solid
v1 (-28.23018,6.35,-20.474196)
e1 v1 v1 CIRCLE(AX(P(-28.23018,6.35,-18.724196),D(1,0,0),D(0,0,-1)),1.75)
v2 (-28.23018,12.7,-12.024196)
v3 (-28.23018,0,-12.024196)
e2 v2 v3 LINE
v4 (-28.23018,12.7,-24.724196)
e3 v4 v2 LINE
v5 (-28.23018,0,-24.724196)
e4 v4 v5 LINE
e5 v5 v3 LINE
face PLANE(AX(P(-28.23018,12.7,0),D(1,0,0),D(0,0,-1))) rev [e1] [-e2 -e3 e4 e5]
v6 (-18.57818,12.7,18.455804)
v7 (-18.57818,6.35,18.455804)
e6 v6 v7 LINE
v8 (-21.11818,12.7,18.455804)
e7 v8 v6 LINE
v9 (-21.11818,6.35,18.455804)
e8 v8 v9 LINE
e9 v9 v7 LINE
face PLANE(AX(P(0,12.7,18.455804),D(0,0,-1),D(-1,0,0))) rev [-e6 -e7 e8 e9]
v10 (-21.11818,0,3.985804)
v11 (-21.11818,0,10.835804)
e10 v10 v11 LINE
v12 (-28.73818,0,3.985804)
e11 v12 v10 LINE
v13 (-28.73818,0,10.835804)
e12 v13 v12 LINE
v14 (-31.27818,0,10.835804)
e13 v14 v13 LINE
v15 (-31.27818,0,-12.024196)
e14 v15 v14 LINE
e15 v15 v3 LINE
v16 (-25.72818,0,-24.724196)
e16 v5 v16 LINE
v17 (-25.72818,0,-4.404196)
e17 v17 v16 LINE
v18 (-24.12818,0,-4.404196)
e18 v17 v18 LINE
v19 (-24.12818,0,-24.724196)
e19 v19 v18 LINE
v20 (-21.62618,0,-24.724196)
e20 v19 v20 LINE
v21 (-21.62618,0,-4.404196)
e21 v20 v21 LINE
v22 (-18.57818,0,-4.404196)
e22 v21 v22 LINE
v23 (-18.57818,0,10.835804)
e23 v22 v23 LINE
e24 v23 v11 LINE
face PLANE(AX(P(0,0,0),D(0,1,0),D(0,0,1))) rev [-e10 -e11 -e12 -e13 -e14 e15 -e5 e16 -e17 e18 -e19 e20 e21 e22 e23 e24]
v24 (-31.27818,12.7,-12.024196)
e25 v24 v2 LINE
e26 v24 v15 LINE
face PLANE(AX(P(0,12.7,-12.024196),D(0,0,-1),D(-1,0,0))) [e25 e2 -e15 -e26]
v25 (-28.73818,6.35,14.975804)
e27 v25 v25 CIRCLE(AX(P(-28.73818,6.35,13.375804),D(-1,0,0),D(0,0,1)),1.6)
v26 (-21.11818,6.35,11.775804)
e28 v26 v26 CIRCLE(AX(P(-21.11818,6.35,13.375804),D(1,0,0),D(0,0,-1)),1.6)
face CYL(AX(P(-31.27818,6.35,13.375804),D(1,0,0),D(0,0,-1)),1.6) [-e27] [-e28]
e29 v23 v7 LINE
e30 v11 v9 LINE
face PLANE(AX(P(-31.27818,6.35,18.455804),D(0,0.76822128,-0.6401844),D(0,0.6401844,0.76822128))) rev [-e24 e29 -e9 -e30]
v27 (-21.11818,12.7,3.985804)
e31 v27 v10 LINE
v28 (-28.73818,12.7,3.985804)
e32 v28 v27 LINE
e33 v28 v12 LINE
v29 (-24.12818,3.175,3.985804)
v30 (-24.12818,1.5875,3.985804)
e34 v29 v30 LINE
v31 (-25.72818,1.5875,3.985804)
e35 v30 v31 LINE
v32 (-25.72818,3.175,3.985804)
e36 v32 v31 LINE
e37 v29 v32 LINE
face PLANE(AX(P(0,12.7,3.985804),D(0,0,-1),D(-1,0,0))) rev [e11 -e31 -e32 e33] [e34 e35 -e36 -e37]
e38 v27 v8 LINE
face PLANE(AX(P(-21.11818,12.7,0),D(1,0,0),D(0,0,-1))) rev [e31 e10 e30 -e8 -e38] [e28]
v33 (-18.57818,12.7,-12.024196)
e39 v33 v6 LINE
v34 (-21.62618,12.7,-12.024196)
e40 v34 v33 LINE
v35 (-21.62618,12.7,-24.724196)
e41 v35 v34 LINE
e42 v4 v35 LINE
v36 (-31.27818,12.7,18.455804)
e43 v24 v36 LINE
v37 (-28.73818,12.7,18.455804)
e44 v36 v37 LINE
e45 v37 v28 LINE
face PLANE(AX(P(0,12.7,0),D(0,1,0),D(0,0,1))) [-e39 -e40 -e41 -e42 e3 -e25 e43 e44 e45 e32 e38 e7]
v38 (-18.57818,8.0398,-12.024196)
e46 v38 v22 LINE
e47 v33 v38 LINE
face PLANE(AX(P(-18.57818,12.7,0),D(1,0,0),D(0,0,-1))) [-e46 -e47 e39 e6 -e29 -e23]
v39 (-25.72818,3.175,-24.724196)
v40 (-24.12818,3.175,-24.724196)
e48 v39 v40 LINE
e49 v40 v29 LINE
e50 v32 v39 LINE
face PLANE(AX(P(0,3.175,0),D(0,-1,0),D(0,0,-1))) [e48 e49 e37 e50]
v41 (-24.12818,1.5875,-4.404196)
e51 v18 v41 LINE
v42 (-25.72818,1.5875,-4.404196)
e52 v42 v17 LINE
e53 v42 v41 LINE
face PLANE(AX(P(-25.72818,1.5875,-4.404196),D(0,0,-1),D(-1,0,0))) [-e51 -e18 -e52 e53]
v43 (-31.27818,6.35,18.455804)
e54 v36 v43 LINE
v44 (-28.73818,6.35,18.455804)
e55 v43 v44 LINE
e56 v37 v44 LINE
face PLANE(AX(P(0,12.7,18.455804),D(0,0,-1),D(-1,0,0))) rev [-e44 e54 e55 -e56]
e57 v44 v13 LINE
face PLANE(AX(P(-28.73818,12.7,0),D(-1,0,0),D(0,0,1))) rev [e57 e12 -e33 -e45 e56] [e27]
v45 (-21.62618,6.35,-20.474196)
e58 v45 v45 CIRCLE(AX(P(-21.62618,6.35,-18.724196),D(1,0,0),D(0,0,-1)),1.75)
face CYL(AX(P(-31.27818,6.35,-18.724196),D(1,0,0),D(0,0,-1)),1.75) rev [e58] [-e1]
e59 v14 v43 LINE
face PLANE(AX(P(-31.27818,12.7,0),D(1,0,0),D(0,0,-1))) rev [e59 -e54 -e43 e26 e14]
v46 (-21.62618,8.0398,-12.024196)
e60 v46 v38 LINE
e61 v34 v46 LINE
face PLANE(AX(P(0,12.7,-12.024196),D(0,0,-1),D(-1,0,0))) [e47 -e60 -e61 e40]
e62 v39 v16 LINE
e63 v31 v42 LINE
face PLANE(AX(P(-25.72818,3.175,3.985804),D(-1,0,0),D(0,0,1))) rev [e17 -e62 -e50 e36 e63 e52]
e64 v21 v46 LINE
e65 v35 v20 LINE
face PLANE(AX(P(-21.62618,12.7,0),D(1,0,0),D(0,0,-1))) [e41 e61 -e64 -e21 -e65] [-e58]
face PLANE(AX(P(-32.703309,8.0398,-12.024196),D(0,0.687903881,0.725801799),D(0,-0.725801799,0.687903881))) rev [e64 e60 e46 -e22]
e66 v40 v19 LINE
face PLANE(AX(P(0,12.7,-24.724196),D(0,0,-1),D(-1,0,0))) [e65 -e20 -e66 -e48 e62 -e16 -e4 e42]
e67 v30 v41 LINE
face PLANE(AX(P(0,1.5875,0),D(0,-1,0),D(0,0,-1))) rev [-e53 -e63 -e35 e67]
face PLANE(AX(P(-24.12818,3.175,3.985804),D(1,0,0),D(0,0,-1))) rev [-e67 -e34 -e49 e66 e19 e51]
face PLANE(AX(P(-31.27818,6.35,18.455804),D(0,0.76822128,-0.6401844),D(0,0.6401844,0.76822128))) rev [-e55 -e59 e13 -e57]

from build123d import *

# Parameters (mm, degrees)
SKETCH2_W           = 6.604
SKETCH2_H           = 12.7
SKETCH2_W_2         = 2.54
SKETCH2_H_2         = 14.47
BOSS_EXTRUDE1_DEPTH = 12.7
SKETCH3_R           = 1.75
CUT_EXTRUDE1_DEPTH  = 32.27817965
BOSS_EXTRUDE4_START = -18.57818
SKETCH3_3_R         = 1.6
BOSS_EXTRUDE4_DEPTH = 12.7
CUT_EXTRUDE12_DEPTH = 13.70000035
CUT_EXTRUDE14_DEPTH = 3.048
SKETCH37_W          = 1.6
SKETCH37_H          = 28.71
CUT_EXTRUDE17_DEPTH = 3.175
SKETCH38_W          = 1.677757264
SKETCH38_H          = 8.39
BOSS_EXTRUDE7_DEPTH = 1.5875


with BuildPart() as part:
    # Sketch2 → Boss-Extrude1 (new body)
    with BuildSketch(Plane(origin=(0, 0, 0), x_dir=(1, 0, 0), z_dir=(0, 1, 0))):
        Polygon((-28.23017965, 12.02419618), (-31.27817965, 12.02419618), (-31.27817965, -3.98580382), (-28.73817965, -3.98580382), (-21.11817965, -3.98580382), (-18.57817965, -3.98580382), (-18.57817965, 12.02419618), (-21.62617965, 12.02419618), align=None)
        with Locations((-24.92817965, 18.37419618)):
            Rectangle(SKETCH2_W, SKETCH2_H)
        with Locations((-19.84817965, -11.22080382)):
            Rectangle(SKETCH2_W_2, SKETCH2_H_2)
        with Locations((-30.00817965, -11.22080382)):
            Rectangle(SKETCH2_W_2, SKETCH2_H_2)
    extrude(amount=BOSS_EXTRUDE1_DEPTH)

    # Sketch3 → Cut-Extrude1 (cut, through all)
    with BuildSketch(Plane(origin=(0, 0, 0), x_dir=(0, 0, -1), z_dir=(1, 0, 0))):
        with Locations((18.72419618, 6.35)):
            Circle(SKETCH3_R)
    extrude(amount=-CUT_EXTRUDE1_DEPTH, mode=Mode.SUBTRACT)

    # Sketch3<3> → Boss-Extrude4 (add, through all)
    with BuildSketch(Plane(origin=(0, 0, 0), x_dir=(0, 0, -1), z_dir=(1, 0, 0)).offset(BOSS_EXTRUDE4_START)):
        with Locations((-13.37580382, 6.35)):
            Circle(SKETCH3_3_R)
    extrude(amount=-BOSS_EXTRUDE4_DEPTH)

    # Sketch29 → Cut-Extrude12 (cut, through all)
    with BuildSketch(Plane(origin=(-18.57817965, 0, 0), x_dir=(0, 0, -1), z_dir=(1, 0, 0))):
        Polygon((-18.45580382, 6.35), (-10.83580382, 0), (-18.45580382, 0), align=None)
    extrude(amount=-CUT_EXTRUDE12_DEPTH, mode=Mode.SUBTRACT)

    # Sketch31 → Cut-Extrude14 (cut)
    with BuildSketch(Plane(origin=(-18.57817965, 0, 0), x_dir=(0, 0, -1), z_dir=(1, 0, 0))):
        Polygon((12.02419618, 8.039800124), (4.40419618, 0), (12.02419618, 0), align=None)
    extrude(amount=-CUT_EXTRUDE14_DEPTH, mode=Mode.SUBTRACT)

    # Sketch37 → Cut-Extrude17 (cut)
    with BuildSketch(Plane.XZ):
        with Locations((-24.92817965, -10.36919618)):
            Rectangle(SKETCH37_W, SKETCH37_H)
    extrude(amount=-CUT_EXTRUDE17_DEPTH, mode=Mode.SUBTRACT)

    # Sketch38 → Boss-Extrude7 (add)
    with BuildSketch(Plane.XZ):
        with Locations((-24.889301018, -0.20919618)):
            Rectangle(SKETCH38_W, SKETCH38_H)
    extrude(amount=-BOSS_EXTRUDE7_DEPTH)


solid = part.part
